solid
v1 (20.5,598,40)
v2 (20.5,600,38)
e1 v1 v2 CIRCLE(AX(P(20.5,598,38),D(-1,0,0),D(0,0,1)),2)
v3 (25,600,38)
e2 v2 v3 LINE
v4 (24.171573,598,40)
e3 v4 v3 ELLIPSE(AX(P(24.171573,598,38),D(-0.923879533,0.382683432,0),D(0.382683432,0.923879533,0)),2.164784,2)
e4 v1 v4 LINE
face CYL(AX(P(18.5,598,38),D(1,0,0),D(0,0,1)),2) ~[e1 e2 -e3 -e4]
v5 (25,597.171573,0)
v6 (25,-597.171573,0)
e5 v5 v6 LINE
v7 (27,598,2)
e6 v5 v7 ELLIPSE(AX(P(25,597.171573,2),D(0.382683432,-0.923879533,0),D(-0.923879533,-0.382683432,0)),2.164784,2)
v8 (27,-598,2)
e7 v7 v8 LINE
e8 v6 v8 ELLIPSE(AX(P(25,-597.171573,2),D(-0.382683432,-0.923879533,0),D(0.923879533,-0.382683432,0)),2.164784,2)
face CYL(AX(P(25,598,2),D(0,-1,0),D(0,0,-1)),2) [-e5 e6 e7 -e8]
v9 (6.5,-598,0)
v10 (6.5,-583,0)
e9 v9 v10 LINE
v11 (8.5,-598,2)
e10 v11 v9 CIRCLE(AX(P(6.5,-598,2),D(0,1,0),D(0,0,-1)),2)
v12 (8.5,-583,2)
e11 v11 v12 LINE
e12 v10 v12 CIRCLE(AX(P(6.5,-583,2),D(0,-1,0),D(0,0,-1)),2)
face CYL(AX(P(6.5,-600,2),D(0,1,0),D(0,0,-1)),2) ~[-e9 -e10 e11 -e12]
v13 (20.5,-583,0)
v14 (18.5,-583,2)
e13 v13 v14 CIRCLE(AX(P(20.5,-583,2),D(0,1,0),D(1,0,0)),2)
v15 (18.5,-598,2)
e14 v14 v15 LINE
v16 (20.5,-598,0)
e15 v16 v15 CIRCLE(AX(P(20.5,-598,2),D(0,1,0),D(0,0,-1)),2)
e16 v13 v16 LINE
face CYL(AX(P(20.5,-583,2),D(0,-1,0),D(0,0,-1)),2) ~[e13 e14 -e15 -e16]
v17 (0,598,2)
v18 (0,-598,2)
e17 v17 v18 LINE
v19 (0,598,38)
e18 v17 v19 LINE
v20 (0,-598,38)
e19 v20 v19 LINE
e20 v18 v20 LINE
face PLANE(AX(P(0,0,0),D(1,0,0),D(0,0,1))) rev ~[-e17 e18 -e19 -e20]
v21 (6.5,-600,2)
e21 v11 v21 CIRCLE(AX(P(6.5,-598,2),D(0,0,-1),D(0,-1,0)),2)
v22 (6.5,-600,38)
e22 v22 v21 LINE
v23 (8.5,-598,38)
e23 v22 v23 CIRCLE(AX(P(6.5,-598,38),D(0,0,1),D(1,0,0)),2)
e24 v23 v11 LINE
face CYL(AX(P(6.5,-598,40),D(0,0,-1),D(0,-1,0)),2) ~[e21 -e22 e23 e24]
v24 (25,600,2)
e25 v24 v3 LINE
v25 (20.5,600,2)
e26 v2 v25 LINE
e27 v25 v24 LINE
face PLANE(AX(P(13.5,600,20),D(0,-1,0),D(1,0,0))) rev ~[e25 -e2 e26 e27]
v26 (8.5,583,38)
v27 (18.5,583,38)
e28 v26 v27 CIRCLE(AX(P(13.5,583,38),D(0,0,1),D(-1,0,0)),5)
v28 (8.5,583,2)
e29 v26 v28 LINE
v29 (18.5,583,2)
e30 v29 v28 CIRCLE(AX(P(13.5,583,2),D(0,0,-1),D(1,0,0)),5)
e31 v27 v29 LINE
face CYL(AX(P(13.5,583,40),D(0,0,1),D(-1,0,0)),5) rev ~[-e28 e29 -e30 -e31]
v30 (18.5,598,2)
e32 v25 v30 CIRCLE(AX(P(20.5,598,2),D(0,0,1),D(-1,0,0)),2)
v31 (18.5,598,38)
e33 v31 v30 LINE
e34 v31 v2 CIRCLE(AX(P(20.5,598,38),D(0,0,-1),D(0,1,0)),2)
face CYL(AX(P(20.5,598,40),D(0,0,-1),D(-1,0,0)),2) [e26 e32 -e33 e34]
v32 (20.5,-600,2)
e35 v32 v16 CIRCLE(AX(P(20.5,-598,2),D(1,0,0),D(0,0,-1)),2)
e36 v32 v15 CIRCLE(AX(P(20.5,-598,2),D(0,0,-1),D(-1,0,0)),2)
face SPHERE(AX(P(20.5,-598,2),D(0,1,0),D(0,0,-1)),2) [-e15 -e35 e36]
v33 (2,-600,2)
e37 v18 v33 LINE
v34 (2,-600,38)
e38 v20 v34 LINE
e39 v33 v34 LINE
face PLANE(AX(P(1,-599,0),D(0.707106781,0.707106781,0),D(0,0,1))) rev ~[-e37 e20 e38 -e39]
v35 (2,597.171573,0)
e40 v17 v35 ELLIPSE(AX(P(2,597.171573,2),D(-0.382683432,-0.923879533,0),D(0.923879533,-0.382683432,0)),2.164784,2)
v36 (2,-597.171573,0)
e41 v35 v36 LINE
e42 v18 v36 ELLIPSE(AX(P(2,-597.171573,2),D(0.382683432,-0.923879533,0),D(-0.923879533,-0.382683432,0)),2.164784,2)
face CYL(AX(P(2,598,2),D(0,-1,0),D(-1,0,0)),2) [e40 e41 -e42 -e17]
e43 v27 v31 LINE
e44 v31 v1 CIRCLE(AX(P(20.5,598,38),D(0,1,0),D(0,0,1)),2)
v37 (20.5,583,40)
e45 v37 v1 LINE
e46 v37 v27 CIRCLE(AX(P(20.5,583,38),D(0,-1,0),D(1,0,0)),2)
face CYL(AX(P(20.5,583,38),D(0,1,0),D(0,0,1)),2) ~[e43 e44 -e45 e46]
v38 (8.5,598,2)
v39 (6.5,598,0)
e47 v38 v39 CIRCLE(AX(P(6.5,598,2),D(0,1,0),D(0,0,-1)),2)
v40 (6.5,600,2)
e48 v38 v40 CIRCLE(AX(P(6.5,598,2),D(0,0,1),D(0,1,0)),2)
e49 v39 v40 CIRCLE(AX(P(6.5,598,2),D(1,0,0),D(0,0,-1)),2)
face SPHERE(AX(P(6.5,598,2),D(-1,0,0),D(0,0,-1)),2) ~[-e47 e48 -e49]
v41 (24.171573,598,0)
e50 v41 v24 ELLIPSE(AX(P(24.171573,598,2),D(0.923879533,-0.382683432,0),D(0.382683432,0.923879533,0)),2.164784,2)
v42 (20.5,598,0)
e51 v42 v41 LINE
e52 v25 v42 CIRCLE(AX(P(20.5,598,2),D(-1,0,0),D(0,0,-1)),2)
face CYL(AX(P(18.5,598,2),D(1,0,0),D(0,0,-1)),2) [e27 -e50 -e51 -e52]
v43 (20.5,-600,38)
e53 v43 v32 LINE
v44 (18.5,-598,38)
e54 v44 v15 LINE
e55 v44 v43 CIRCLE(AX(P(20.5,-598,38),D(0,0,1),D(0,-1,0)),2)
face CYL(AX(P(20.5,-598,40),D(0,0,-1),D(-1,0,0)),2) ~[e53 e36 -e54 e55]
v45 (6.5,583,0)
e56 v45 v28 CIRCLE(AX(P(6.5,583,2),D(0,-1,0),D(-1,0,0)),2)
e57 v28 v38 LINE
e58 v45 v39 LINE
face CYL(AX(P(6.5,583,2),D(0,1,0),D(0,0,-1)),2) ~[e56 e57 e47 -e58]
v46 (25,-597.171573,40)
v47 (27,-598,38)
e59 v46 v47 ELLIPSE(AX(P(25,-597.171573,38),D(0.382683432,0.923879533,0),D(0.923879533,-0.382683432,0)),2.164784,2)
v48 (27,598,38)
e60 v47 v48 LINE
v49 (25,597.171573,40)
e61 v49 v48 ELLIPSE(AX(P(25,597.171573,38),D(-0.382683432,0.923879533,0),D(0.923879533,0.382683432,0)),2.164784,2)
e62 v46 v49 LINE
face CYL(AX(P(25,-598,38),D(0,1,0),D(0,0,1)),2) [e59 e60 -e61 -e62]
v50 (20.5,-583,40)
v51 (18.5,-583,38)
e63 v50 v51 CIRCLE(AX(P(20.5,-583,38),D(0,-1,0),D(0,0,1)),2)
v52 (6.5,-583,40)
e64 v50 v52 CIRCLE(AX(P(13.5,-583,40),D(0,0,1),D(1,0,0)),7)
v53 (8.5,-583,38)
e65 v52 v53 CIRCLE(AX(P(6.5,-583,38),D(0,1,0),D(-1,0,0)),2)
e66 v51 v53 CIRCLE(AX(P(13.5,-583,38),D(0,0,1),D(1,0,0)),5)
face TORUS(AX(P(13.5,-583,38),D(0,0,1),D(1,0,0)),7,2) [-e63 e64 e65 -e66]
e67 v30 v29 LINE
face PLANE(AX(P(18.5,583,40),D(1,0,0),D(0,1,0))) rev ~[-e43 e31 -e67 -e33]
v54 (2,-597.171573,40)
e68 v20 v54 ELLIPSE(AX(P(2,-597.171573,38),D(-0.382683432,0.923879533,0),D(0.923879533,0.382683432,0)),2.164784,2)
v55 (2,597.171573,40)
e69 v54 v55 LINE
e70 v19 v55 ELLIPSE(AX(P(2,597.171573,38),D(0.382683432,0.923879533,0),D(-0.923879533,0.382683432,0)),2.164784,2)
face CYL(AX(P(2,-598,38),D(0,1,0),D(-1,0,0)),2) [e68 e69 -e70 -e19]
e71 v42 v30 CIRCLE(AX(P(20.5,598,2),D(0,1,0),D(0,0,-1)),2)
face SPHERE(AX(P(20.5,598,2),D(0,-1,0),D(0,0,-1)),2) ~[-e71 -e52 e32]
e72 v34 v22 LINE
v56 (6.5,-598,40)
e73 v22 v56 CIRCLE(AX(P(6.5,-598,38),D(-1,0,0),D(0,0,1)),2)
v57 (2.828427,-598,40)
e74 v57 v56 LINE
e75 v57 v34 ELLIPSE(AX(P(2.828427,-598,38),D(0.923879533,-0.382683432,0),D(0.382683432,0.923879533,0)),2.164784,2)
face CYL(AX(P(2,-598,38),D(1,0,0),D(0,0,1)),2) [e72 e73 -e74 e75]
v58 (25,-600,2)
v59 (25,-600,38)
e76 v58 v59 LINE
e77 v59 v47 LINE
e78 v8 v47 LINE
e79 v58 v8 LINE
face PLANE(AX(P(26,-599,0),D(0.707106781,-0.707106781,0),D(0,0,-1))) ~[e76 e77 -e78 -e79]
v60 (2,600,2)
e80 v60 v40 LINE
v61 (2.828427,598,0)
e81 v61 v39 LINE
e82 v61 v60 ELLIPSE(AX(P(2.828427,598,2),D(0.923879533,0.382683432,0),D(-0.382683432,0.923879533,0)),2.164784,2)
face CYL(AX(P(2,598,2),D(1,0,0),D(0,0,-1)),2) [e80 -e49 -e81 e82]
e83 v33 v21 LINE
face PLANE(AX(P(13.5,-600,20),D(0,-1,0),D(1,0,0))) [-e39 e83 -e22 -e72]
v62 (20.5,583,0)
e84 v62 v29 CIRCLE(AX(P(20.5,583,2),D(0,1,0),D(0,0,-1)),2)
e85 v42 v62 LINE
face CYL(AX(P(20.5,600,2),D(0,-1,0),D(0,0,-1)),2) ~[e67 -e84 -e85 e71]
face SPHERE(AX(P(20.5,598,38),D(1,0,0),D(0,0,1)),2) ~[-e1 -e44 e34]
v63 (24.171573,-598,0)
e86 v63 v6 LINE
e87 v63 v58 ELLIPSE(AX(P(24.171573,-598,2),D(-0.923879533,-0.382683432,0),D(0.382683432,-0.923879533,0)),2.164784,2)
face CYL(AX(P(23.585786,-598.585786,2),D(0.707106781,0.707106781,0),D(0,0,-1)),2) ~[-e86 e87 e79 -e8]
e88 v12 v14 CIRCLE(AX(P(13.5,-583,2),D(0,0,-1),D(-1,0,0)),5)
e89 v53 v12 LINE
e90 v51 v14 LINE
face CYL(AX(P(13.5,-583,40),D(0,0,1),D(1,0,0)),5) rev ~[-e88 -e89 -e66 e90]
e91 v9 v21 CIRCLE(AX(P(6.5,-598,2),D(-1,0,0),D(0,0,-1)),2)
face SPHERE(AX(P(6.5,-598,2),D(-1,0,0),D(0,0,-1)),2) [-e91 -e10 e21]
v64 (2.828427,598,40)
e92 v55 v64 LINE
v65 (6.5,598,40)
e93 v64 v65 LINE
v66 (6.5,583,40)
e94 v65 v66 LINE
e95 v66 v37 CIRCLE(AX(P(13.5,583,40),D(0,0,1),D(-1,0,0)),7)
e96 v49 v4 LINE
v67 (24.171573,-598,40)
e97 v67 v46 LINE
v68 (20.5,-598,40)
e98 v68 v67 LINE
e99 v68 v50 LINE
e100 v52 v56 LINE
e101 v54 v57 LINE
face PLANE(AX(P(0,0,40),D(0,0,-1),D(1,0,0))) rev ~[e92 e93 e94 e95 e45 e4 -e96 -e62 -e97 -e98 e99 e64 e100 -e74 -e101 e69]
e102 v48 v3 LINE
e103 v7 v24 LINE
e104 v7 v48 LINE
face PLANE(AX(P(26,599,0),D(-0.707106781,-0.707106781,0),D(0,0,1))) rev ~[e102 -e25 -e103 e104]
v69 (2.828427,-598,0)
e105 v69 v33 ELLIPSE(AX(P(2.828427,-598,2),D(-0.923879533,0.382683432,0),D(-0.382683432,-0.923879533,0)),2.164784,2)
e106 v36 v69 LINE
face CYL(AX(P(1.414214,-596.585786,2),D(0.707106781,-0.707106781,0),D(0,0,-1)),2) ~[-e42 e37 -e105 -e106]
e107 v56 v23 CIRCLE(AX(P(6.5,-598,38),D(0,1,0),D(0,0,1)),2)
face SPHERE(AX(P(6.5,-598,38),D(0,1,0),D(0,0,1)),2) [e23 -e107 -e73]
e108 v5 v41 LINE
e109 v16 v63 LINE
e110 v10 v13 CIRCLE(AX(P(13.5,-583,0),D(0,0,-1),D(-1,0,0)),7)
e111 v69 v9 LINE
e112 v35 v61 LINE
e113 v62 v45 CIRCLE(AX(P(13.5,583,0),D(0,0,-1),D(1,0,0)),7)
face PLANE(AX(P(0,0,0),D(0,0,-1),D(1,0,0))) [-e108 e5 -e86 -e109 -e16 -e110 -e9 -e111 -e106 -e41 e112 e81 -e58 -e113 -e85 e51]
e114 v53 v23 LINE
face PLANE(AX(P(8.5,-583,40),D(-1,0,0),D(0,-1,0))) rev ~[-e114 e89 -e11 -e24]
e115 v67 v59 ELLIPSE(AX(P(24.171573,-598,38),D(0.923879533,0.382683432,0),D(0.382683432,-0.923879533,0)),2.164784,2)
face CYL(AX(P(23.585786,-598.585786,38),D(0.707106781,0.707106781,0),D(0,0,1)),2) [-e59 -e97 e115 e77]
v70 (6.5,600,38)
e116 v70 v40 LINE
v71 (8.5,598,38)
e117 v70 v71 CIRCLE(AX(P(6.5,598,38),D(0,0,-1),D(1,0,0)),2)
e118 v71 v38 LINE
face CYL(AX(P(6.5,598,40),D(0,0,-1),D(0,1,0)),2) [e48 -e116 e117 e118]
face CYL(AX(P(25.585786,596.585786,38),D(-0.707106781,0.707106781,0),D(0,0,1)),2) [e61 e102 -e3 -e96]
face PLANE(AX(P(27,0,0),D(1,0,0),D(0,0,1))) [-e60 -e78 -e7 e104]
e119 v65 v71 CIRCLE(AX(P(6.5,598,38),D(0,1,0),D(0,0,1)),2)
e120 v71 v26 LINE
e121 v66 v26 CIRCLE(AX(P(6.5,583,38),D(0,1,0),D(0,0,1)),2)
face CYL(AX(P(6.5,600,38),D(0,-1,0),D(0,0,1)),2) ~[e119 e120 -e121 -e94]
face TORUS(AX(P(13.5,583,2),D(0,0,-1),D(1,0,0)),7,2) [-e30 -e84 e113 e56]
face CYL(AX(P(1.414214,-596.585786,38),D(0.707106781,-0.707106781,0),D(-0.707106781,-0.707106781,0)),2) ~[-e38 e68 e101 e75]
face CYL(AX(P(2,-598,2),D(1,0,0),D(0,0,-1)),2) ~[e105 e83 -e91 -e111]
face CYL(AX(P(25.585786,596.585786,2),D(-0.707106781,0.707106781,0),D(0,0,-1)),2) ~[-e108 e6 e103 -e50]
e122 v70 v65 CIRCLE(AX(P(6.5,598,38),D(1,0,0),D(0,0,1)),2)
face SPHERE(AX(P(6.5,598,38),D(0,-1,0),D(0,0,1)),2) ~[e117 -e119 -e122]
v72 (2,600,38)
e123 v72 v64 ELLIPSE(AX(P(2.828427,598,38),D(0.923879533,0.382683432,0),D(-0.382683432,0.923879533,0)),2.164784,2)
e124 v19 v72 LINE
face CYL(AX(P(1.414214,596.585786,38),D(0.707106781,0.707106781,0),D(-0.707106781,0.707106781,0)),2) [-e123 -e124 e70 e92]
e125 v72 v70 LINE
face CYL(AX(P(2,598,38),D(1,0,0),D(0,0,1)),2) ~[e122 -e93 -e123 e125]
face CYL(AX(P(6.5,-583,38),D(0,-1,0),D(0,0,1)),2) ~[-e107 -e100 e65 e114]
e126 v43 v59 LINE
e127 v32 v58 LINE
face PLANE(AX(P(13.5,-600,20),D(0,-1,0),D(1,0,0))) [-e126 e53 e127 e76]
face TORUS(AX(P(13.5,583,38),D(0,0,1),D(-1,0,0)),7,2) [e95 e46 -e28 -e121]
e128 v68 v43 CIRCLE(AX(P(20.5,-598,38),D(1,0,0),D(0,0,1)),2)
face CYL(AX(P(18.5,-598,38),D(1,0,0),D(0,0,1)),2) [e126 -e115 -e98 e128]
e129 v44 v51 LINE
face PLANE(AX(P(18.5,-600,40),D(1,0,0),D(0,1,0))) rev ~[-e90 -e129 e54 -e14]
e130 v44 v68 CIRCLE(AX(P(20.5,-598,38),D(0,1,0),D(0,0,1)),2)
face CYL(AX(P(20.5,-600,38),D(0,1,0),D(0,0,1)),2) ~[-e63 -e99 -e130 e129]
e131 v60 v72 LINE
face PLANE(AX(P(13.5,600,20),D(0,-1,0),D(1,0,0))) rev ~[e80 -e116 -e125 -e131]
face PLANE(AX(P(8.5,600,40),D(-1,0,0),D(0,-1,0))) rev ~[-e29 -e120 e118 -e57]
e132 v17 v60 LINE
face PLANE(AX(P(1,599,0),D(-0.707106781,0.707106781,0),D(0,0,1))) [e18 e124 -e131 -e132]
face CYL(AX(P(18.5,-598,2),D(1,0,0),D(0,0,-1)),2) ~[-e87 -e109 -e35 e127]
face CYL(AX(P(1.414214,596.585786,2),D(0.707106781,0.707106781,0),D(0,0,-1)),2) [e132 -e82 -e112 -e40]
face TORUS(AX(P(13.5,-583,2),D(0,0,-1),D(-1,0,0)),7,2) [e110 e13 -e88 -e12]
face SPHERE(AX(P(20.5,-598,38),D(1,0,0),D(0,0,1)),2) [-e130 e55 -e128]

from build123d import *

# Parameters (mm, degrees)
F0_W     = 27
F0_H     = 40
F1_DEPTH = 600
F3_DEPTH = 40.001
F4_DEPTH = 40.001
F5_SIZE  = 2
F6_R     = 2


with BuildPart() as f1:
    # F0 (on Front) → F1 (new body, symmetric)
    with BuildSketch(Plane.XZ):
        with Locations((13.5, 20)):
            Rectangle(F0_W, F0_H)
    extrude(amount=F1_DEPTH, both=True)

    # F2 (on face) → F3 (cut, through all)
    with BuildSketch(Plane.XY.offset(40)):
        with BuildLine():
            Line((18.5, -600), (18.5, -583))
            ThreePointArc((18.5, -583), (13.5, -578), (8.5, -583))
            Line((8.5, -583), (8.5, -600))
            Line((8.5, -600), (18.5, -600))
        make_face()
    extrude(amount=-F3_DEPTH, mode=Mode.SUBTRACT)

    # F2 (on face) → F4 (cut, through all)
    with BuildSketch(Plane.XY.offset(40)):
        with BuildLine():
            Line((18.5, -600), (18.5, -583))
            ThreePointArc((18.5, -583), (13.5, -578), (8.5, -583))
            Line((8.5, -583), (8.5, -600))
            Line((8.5, -600), (18.5, -600))
        make_face()
        with BuildLine():
            ThreePointArc((8.5, 583), (13.5, 578), (18.5, 583))
            Line((18.5, 583), (18.5, 600))
            Line((18.5, 600), (8.5, 600))
            Line((8.5, 600), (8.5, 583))
        make_face()
    extrude(amount=-F4_DEPTH, mode=Mode.SUBTRACT)

    # F5
    f5_edges = [f1.edges().sort_by_distance(p)[0] for p in [
        (0, -600, 20),
        (27, -600, 20),
        (0, 600, 20),
        (27, 600, 20),
    ]]
    chamfer(f5_edges, length=F5_SIZE)

    # F6
    f6_edges = [f1.edges().sort_by_distance(p)[0] for p in [
        (21.75, -600, 40),
        (26, -599, 40),
        (18.5, -591.5, 40),
        (27, 0, 40),
        (13.5, -578, 40),
        (26, 599, 40),
        (8.5, -591.5, 40),
        (21.75, 600, 40),
        (5.25, -600, 40),
        (18.5, 591.5, 40),
        (1, -599, 40),
        (13.5, 578, 40),
        (0, 0, 40),
        (8.5, 591.5, 40),
        (1, 599, 40),
        (5.25, 600, 40),
        (0, 0, 0),
        (1, 599, 0),
        (1, -599, 0),
        (5.25, 600, 0),
        (5.25, -600, 0),
        (8.5, 591.5, 0),
        (8.5, -591.5, 0),
        (13.5, 578, 0),
        (13.5, -578, 0),
        (18.5, 591.5, 0),
        (18.5, -591.5, 0),
        (21.75, 600, 0),
        (21.75, -600, 0),
        (26, 599, 0),
        (26, -599, 0),
        (27, 0, 0),
        (18.5, 600, 20),
        (8.5, 600, 20),
        (18.5, -600, 20),
        (8.5, -600, 20),
    ]]
    fillet(f6_edges, radius=F6_R)


solid = f1.part
